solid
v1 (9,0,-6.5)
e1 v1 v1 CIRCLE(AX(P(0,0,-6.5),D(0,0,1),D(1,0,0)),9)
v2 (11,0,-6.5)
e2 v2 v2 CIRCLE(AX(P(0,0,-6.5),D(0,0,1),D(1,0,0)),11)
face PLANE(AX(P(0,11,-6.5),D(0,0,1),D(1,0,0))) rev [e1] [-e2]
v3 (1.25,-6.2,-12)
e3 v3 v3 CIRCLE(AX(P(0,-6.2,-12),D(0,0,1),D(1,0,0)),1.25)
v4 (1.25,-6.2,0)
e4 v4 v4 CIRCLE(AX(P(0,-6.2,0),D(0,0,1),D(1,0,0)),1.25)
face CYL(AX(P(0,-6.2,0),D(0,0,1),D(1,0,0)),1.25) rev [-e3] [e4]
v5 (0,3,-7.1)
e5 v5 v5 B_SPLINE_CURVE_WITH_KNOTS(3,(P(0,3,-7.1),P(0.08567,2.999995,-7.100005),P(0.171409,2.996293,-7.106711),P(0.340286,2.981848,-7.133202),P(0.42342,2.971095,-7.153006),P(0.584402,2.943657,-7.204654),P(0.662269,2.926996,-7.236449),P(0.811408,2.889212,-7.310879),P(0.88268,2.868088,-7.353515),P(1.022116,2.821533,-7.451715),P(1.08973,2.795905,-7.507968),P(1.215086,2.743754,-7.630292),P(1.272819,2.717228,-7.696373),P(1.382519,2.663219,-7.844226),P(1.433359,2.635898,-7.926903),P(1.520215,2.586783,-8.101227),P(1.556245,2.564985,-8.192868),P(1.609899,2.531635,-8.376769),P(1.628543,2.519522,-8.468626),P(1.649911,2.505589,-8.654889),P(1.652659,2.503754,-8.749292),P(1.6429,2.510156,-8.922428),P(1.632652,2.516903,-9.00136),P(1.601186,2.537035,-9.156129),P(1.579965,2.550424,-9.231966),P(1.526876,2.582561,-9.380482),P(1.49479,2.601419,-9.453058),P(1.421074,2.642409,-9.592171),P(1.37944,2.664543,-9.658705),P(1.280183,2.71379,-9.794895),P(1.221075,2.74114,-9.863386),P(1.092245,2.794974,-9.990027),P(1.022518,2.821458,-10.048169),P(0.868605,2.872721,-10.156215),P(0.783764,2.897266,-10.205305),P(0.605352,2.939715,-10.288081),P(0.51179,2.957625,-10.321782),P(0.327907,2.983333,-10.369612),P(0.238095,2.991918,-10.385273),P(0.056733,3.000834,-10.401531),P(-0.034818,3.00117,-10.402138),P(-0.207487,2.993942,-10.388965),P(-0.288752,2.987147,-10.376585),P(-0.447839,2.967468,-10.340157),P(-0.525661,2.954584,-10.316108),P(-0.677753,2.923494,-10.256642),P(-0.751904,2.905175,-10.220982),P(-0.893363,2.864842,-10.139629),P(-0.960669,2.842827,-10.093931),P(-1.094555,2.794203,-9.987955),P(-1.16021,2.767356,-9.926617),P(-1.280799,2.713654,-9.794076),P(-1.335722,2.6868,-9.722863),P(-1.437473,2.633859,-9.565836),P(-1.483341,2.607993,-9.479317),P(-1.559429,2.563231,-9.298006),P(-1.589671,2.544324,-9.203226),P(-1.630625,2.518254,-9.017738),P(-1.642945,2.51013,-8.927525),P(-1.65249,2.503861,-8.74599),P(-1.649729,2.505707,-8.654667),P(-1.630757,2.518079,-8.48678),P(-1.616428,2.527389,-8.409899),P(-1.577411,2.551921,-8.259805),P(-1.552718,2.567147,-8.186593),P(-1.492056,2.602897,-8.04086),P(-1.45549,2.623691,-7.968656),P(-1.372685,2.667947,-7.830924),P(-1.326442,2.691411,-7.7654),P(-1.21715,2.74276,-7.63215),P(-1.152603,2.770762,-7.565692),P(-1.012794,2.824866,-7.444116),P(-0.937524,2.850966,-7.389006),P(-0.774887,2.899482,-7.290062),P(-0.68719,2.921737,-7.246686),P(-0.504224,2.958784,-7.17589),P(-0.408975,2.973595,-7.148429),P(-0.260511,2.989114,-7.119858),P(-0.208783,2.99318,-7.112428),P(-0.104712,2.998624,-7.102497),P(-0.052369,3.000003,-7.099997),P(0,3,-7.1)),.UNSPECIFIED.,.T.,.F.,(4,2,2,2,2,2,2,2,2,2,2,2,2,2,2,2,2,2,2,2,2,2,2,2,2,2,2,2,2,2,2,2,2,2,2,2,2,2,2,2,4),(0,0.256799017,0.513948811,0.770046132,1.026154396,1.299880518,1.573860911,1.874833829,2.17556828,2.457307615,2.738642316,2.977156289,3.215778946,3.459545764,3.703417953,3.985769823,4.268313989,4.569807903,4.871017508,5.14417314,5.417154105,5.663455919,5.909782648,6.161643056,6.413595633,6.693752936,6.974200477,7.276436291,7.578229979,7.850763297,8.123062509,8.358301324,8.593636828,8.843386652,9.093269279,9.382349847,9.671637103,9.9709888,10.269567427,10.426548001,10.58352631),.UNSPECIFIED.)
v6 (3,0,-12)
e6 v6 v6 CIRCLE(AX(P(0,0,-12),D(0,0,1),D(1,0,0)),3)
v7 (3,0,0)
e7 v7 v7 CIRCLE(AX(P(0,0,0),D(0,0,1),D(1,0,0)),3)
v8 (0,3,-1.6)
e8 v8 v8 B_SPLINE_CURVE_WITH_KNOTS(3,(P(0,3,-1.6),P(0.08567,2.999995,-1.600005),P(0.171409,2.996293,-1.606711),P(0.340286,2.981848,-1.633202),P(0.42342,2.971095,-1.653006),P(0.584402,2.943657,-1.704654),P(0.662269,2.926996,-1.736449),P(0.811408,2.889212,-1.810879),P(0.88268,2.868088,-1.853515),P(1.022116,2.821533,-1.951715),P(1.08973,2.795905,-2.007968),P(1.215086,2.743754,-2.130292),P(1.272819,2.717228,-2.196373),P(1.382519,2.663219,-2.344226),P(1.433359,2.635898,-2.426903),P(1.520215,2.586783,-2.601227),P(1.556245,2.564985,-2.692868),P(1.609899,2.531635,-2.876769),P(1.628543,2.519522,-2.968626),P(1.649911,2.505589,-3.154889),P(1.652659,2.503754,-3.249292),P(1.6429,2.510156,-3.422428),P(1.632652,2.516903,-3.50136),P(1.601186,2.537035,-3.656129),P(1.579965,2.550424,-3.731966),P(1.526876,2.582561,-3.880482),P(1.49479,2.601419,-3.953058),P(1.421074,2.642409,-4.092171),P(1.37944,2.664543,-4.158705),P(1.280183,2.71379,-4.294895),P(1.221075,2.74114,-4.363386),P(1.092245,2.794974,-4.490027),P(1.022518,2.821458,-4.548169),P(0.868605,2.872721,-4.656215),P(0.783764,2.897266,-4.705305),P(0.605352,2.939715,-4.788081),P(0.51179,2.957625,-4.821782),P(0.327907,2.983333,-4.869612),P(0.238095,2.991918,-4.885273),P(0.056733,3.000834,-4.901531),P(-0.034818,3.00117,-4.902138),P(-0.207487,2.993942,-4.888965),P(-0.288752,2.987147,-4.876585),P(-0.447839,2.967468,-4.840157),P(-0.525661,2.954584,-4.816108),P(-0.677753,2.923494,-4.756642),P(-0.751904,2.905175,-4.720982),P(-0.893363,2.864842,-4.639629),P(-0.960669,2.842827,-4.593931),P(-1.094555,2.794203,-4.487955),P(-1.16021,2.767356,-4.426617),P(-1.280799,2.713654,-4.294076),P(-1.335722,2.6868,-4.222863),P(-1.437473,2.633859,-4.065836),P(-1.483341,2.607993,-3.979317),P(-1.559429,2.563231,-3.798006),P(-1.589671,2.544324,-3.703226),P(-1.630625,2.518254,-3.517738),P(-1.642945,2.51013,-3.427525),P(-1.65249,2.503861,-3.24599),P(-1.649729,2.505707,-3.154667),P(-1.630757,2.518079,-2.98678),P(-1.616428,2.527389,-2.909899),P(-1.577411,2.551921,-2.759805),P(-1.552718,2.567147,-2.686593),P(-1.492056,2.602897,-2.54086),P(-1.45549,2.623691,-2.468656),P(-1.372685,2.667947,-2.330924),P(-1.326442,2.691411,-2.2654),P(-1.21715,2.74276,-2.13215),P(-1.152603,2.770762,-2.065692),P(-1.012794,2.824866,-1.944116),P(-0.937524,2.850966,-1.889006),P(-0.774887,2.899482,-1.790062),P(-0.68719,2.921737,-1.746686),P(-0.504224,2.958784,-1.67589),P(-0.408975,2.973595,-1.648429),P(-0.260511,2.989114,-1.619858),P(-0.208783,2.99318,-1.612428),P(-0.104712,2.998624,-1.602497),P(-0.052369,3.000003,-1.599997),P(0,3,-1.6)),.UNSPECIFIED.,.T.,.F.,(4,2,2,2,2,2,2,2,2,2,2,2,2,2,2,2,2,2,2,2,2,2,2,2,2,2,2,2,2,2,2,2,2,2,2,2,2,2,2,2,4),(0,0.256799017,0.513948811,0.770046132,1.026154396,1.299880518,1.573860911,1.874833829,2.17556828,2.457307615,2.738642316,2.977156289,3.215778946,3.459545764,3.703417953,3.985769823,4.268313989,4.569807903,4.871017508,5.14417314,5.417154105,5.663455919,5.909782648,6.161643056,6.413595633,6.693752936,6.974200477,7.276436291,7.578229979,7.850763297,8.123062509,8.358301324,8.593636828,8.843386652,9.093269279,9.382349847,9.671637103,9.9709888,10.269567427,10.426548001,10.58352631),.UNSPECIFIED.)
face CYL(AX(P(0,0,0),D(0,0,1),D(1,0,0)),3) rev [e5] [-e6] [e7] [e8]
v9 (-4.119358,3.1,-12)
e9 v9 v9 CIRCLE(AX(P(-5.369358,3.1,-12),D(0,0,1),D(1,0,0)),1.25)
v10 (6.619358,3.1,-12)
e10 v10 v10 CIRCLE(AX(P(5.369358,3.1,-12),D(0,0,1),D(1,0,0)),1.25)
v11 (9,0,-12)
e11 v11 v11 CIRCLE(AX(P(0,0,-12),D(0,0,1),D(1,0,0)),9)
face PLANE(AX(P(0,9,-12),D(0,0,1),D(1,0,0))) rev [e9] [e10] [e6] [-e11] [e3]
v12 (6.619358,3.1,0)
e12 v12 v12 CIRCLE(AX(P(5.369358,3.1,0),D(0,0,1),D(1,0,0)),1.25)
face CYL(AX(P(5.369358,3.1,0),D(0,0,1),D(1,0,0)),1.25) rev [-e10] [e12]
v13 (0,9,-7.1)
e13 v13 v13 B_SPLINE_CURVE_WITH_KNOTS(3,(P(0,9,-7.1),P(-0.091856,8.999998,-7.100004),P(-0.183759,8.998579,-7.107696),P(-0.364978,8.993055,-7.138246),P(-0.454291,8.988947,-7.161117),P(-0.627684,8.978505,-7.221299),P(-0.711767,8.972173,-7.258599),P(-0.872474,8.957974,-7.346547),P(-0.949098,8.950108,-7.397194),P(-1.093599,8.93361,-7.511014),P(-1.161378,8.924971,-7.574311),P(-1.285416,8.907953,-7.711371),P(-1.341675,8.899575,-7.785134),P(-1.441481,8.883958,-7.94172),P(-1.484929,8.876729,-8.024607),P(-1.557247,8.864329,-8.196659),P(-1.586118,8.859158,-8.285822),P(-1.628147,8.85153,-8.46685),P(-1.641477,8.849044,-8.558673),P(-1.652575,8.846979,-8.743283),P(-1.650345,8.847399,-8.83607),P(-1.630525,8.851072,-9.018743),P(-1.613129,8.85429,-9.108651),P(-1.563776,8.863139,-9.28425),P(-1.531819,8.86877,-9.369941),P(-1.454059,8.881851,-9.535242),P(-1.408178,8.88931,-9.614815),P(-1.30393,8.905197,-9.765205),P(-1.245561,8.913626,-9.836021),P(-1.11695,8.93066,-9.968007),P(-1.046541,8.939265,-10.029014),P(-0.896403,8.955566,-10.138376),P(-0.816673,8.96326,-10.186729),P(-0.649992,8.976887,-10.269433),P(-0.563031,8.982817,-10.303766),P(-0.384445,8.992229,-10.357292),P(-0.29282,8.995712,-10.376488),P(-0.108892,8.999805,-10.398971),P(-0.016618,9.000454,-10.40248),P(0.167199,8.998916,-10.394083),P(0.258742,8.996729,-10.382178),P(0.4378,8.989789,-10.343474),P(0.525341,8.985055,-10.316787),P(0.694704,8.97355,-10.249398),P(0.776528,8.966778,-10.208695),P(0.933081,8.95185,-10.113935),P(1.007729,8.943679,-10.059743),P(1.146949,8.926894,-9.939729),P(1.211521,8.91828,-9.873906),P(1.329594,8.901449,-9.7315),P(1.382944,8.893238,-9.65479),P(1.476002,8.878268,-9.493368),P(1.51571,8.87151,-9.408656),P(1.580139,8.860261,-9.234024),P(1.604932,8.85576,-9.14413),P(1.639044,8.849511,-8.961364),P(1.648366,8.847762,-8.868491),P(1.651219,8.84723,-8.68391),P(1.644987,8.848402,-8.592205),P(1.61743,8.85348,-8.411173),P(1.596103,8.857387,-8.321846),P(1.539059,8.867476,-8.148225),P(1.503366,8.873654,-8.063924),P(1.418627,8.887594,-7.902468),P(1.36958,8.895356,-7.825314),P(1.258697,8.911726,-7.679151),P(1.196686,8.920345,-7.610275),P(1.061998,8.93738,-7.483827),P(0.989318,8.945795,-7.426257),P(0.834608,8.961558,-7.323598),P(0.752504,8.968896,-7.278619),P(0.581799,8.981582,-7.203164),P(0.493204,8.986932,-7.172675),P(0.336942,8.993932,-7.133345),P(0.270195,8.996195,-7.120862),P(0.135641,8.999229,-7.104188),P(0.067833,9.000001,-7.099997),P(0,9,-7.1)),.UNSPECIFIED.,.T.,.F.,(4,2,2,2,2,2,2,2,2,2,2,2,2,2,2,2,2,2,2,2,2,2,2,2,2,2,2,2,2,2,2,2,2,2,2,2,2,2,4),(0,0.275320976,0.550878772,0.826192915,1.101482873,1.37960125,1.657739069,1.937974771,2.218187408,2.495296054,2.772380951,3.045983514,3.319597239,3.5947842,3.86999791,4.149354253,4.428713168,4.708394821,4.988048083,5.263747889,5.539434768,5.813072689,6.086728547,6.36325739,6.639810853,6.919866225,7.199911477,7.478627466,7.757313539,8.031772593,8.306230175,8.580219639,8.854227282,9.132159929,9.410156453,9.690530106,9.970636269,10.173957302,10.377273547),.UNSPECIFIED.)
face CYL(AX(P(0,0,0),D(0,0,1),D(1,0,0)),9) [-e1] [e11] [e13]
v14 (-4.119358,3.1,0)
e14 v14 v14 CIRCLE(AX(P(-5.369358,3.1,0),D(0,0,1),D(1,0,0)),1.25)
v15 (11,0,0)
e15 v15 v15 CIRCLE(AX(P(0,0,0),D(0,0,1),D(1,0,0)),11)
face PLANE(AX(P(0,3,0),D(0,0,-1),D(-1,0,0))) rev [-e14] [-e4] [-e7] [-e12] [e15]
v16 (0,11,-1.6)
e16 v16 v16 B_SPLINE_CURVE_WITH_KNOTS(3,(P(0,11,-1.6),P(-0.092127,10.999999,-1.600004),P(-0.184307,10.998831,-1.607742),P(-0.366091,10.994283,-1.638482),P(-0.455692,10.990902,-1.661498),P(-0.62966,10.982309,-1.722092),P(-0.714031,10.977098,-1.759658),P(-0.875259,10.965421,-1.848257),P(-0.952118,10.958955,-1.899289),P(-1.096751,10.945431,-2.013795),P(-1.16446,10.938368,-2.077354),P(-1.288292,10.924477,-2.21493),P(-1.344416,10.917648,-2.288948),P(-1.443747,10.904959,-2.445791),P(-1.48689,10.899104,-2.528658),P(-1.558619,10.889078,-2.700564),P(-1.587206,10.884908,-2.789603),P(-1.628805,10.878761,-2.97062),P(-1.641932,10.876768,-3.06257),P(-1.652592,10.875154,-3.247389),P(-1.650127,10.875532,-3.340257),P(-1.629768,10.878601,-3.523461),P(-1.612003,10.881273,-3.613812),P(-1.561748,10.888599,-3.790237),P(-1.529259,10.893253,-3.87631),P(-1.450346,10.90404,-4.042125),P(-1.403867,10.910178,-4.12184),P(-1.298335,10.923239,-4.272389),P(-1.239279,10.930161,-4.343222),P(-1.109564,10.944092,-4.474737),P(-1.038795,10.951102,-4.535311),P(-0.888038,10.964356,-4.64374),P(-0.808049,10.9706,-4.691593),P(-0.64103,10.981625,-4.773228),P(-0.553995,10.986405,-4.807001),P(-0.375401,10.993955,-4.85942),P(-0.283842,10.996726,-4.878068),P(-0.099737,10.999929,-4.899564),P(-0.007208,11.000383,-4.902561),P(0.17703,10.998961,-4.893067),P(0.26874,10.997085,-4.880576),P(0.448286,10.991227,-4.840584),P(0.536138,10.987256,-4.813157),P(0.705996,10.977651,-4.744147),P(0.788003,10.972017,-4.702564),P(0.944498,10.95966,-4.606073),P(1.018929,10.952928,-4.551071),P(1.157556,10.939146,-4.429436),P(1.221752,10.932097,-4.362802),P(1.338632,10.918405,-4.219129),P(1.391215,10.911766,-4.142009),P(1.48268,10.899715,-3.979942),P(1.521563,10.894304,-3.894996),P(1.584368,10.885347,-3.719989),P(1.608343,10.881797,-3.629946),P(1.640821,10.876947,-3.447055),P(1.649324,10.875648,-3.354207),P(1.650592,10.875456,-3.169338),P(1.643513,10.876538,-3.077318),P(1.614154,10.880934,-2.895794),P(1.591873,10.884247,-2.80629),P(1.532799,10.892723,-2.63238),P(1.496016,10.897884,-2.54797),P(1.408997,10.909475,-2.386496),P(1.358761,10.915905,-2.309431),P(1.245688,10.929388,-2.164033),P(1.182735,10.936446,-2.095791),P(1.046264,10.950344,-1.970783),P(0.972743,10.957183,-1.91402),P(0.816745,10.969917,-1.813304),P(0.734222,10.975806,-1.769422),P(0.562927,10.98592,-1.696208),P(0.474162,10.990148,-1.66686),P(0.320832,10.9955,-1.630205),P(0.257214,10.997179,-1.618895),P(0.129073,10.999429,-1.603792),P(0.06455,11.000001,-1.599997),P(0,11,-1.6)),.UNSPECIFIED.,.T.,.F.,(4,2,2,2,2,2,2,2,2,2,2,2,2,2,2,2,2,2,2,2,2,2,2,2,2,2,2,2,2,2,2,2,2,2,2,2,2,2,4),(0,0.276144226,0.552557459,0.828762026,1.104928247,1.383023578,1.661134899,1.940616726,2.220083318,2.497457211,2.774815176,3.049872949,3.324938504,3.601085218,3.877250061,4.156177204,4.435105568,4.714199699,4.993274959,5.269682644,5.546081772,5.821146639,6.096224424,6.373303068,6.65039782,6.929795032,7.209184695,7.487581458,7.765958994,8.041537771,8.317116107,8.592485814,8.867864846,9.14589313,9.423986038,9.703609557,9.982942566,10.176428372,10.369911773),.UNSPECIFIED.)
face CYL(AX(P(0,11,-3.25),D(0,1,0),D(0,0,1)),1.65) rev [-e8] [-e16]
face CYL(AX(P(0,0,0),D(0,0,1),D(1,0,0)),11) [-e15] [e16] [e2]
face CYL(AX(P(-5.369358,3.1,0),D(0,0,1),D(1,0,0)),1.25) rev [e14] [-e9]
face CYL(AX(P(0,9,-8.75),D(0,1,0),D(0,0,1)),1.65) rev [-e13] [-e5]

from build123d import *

# Parameters (mm, degrees)
M3X0_5_TAPPED_HOLE1_D               = 2.5
M4X0_7_TAPPED_HOLE1_D               = 3.3
M4X0_7_TAPPED_HOLE1_DEPTH           = 10.999
M4X0_7_TAPPED_HOLE1_TIP             = 0.991420021
M4X0_7_TAPPED_HOLE1_ON_FACE_2_D     = 3.3
M4X0_7_TAPPED_HOLE1_ON_FACE_2_DEPTH = 10.999
M4X0_7_TAPPED_HOLE1_ON_FACE_2_TIP   = 0.991420021


with BuildPart() as part:
    # Sketch2 → Revolve1 (revolve)
    with BuildSketch(Plane(origin=(0, 0, 0), x_dir=(0, 0, -1), z_dir=(1, 0, 0)), mode=Mode.PRIVATE) as revolve1_sk:
        Polygon((0, 3), (0, 11), (6.5, 11), (6.5, 9), (12, 9), (12, 3), align=None)
    revolve(revolve1_sk.sketch.rotate(Axis((0, 0, 0), (0, 0, -1)), 90), axis=Axis((0, 0, 0), (0, 0, -1)))

    # M3x0.5 Tapped Hole1 (through all)
    with Locations(Plane.XY):
        with Locations((35.910466859, 13.470944302), (5.369357503, 3.1), (-5.369357503, 3.1), (0, -6.2)):
            Hole(M3X0_5_TAPPED_HOLE1_D / 2)

    # M4x0.7 Tapped Hole1
    with Locations(Plane(origin=(0, 9, -8.75), x_dir=(1, 0, 0), z_dir=(0, 1, 0))):
        with Locations((0, 0)):
            Hole(M4X0_7_TAPPED_HOLE1_D / 2, depth=M4X0_7_TAPPED_HOLE1_DEPTH)
            with Locations((0, 0, -(M4X0_7_TAPPED_HOLE1_DEPTH + M4X0_7_TAPPED_HOLE1_TIP / 2))):  # 118° drill point
                Cone(0, M4X0_7_TAPPED_HOLE1_D / 2, M4X0_7_TAPPED_HOLE1_TIP, mode=Mode.SUBTRACT)

    # M4x0.7 Tapped Hole1 on face 2
    with Locations(Plane(origin=(0, 11, -3.25), x_dir=(0, 0, 1), z_dir=(0, 1, 0))):
        with Locations((0, 0)):
            Hole(M4X0_7_TAPPED_HOLE1_ON_FACE_2_D / 2, depth=M4X0_7_TAPPED_HOLE1_ON_FACE_2_DEPTH)
            with Locations((0, 0, -(M4X0_7_TAPPED_HOLE1_ON_FACE_2_DEPTH + M4X0_7_TAPPED_HOLE1_ON_FACE_2_TIP / 2))):  # 118° drill point
                Cone(0, M4X0_7_TAPPED_HOLE1_ON_FACE_2_D / 2, M4X0_7_TAPPED_HOLE1_ON_FACE_2_TIP, mode=Mode.SUBTRACT)


solid = part.part
